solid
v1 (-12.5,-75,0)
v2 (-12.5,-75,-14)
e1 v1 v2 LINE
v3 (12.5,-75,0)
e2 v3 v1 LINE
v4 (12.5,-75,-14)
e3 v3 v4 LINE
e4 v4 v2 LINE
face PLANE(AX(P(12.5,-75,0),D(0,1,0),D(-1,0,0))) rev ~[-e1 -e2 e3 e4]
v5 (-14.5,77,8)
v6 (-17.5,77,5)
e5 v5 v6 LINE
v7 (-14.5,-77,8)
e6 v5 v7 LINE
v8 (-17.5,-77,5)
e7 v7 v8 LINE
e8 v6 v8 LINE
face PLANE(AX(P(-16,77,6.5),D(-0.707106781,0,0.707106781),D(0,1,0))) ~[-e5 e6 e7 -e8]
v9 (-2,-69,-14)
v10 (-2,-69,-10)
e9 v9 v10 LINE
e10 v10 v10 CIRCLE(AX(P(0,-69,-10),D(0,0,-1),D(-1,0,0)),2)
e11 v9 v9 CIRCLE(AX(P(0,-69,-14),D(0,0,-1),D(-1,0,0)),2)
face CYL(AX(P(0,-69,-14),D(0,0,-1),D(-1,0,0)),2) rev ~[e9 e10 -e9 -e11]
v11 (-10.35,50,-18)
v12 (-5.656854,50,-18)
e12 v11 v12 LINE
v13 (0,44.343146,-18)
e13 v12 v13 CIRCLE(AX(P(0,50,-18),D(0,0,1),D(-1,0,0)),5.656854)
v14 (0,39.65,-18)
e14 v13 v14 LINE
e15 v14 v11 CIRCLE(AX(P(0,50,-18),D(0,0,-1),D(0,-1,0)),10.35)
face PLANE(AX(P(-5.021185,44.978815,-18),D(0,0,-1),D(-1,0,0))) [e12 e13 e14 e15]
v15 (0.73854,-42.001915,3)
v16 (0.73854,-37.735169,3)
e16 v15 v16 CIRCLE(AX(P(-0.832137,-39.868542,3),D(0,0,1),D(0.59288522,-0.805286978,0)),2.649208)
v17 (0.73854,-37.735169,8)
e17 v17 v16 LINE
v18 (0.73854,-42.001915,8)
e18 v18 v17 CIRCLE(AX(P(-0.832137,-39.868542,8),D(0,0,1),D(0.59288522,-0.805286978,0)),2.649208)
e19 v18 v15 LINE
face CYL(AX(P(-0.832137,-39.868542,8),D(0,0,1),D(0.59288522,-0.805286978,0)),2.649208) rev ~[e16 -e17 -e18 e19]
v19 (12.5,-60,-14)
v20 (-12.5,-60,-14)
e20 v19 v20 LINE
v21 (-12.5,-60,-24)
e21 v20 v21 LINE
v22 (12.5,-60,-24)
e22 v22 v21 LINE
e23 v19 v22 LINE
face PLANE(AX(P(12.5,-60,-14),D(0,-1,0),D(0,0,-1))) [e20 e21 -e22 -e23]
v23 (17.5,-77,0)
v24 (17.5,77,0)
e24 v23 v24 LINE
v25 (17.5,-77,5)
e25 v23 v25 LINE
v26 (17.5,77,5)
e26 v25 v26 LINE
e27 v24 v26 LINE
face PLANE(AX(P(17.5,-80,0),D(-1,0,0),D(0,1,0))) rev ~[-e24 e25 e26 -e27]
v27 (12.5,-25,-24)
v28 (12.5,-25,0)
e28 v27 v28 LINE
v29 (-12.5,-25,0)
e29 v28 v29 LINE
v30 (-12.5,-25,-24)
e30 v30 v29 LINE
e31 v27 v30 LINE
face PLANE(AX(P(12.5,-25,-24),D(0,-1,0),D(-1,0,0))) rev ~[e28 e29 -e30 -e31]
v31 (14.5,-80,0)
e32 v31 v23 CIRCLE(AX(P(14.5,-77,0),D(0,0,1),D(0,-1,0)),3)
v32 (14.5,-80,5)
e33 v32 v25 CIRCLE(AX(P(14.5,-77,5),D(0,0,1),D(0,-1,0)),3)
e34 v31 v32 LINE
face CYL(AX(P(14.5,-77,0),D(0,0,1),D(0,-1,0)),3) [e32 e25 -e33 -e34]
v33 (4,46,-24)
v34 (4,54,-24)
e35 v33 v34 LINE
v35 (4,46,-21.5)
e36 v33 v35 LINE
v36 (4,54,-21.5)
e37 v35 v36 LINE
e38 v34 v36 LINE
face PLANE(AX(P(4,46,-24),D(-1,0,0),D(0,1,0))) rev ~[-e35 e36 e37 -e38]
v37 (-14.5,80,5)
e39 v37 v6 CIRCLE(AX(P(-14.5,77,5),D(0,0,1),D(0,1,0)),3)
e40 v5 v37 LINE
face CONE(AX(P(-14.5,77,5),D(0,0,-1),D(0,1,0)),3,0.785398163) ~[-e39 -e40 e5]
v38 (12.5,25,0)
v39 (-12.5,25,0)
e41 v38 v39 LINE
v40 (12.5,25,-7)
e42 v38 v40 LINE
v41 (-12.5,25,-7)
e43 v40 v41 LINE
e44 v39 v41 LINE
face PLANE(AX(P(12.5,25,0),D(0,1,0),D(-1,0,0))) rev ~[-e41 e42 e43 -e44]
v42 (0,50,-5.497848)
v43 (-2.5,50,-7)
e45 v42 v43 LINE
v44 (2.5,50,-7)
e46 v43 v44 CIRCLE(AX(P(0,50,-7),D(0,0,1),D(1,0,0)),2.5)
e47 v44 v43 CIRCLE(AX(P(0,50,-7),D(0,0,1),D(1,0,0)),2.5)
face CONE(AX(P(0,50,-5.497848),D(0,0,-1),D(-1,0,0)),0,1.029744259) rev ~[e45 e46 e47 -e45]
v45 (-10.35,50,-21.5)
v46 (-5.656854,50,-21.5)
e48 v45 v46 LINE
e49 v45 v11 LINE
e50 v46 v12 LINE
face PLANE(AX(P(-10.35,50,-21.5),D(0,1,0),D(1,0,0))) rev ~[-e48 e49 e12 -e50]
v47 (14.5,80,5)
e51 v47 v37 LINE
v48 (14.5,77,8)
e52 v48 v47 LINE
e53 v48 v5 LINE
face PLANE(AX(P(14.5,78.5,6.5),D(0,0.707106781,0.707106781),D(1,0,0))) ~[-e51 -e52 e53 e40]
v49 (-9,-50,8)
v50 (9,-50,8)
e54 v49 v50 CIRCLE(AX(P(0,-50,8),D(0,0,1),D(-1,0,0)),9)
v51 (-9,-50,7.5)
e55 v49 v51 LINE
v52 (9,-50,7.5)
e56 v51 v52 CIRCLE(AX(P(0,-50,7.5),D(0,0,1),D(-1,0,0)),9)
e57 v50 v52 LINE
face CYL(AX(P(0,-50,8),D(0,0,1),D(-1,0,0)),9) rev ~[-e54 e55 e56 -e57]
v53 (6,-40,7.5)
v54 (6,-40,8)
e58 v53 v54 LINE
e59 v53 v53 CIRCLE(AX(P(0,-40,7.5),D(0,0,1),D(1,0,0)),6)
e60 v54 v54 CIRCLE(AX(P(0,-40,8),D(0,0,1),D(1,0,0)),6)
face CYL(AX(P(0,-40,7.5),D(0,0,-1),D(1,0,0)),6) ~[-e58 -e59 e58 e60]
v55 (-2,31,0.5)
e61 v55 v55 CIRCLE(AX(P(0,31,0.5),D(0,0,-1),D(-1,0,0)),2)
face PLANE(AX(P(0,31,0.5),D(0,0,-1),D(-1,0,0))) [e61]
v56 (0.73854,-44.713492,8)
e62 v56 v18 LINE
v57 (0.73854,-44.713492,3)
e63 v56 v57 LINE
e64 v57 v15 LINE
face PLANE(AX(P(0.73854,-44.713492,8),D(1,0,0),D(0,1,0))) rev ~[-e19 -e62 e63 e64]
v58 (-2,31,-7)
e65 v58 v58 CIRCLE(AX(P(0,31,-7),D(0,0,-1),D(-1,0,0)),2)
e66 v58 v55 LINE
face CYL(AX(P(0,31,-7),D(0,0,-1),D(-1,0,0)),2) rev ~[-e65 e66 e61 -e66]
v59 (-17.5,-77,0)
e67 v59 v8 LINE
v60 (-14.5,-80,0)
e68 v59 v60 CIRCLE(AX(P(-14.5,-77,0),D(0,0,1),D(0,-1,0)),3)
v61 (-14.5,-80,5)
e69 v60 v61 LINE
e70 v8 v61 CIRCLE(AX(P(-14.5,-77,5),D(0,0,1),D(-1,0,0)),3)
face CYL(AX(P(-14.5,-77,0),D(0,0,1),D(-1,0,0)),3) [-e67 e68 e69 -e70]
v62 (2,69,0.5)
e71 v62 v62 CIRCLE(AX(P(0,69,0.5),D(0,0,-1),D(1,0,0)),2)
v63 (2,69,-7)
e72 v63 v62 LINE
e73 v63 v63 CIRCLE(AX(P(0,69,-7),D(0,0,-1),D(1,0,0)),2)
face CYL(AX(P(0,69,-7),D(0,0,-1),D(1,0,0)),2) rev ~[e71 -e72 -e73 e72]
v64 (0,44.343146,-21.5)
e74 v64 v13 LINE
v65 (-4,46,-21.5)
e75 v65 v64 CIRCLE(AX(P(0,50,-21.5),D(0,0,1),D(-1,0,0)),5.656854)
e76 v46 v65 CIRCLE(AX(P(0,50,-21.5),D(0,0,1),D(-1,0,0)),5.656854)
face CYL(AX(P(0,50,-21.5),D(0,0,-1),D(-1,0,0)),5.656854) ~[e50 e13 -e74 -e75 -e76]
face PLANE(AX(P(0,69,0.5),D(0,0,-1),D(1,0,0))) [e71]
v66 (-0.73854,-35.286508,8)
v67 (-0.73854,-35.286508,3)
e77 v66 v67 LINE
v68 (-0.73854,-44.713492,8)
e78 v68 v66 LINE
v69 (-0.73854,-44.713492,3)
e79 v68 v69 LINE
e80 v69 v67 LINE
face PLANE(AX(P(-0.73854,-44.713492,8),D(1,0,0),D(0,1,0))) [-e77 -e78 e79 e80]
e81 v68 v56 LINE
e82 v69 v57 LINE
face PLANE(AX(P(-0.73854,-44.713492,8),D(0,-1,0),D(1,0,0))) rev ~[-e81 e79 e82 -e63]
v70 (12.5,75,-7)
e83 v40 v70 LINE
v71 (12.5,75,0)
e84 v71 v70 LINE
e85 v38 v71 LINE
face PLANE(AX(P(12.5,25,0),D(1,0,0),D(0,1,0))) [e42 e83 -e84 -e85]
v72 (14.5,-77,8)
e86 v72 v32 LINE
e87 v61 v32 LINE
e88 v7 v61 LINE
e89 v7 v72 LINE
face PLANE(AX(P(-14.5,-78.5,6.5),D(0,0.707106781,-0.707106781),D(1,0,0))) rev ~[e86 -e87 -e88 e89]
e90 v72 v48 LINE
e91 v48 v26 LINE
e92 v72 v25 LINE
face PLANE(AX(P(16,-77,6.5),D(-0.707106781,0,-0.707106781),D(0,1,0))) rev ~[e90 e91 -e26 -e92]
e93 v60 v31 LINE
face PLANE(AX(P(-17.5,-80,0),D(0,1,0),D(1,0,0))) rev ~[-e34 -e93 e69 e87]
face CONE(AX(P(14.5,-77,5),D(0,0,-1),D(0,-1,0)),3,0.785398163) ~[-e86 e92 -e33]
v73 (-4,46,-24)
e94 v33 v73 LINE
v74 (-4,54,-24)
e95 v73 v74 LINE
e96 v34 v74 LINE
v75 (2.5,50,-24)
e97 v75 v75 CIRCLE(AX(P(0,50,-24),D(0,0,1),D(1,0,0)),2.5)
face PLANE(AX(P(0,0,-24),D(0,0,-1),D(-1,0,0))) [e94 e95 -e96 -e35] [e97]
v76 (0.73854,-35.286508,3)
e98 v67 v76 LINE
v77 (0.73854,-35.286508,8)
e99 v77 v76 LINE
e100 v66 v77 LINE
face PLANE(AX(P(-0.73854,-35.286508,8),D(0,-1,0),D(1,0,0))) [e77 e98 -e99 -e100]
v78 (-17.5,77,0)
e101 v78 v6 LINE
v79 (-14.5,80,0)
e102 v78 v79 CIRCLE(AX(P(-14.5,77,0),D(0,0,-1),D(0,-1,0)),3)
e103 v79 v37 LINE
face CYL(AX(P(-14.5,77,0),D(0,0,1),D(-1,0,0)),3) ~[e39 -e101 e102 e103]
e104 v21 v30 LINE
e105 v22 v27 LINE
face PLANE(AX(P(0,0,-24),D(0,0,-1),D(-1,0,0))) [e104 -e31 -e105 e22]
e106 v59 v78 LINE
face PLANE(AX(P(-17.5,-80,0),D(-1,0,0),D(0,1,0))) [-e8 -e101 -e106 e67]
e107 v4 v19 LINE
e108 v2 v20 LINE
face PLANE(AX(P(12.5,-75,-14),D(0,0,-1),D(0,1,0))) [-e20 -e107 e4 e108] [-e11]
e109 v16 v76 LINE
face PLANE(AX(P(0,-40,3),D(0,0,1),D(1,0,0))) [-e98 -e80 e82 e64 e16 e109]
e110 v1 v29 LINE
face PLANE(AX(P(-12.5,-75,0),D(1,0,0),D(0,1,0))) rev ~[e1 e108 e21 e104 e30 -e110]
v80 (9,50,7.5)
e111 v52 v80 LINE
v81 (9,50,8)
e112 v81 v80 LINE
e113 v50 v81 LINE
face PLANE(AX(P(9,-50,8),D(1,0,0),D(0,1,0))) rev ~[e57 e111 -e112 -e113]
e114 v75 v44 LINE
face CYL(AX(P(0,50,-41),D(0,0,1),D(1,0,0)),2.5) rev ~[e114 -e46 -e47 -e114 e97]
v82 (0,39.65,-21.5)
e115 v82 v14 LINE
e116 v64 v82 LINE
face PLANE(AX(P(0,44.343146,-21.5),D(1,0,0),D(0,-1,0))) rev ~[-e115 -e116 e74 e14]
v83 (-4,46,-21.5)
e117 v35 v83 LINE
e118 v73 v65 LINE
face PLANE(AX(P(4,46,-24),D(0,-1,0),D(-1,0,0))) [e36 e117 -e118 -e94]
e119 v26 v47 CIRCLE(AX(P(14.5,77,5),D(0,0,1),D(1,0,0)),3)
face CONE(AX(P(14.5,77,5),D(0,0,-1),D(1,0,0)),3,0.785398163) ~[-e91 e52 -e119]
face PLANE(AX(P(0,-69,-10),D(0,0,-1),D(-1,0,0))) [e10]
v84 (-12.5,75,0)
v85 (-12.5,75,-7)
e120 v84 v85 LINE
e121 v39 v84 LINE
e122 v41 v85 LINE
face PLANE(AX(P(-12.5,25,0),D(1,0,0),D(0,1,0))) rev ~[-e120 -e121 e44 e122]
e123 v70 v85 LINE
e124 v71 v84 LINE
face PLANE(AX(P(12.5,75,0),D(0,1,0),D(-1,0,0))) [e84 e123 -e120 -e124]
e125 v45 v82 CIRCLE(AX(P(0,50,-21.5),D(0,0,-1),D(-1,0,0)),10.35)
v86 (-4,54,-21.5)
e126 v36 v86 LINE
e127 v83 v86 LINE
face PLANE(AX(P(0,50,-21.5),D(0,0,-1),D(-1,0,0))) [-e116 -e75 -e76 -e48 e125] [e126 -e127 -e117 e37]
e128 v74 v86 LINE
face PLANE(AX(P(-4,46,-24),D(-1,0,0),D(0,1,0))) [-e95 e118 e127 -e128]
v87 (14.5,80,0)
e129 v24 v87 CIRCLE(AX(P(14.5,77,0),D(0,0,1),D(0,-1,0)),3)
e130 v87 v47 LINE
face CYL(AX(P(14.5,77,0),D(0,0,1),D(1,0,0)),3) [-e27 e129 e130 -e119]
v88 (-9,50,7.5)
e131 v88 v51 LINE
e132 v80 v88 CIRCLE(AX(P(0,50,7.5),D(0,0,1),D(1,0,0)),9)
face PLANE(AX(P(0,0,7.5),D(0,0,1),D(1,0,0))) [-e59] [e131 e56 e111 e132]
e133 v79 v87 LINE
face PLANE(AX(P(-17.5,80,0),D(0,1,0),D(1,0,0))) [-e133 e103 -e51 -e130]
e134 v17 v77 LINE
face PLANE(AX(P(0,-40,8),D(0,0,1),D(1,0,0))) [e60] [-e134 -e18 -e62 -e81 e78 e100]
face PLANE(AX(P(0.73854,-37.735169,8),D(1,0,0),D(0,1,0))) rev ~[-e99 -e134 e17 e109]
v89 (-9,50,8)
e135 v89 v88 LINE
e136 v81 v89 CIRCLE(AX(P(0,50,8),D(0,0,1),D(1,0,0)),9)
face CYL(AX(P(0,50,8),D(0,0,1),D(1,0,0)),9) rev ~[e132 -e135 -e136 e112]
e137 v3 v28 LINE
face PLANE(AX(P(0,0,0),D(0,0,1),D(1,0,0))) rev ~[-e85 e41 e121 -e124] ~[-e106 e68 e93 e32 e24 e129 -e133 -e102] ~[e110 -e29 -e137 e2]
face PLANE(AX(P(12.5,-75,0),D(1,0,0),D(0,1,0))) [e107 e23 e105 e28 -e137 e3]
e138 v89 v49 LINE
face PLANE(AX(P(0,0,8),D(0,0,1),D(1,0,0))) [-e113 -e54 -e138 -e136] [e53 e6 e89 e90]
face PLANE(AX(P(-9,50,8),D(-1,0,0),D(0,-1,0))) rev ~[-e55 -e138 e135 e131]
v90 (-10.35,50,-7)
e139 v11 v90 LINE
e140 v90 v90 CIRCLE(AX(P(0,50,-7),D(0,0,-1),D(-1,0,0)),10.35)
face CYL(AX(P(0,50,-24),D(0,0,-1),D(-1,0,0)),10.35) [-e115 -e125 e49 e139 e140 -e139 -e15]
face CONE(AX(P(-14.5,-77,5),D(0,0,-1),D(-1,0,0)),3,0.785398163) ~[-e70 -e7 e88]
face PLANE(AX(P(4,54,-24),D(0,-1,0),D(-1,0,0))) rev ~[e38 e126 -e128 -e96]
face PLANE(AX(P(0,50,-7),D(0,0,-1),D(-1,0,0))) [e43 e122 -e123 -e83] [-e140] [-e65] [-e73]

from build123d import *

# Parameters (mm, degrees)
SKETCH_1_W            = 35
SKETCH_1_H            = 160
EXTRUDE_1_DEPTH       = 8
FILLET_1_R            = 3
CHAMFER_1_SIZE        = 3
CUT_EXTRUDE_1_DEPTH   = 0.5
SKETCH_3_R            = 6
EXTRUDE_2_DEPTH       = 0.5
SKETCH_4_W            = 25
SKETCH_4_H            = 150
EXTRUDE_3_DEPTH       = 24
SKETCH_6_W            = 25
SKETCH_6_H            = 50
CUT_EXTRUDE_3_DEPTH   = 24
SKETCH_8_W            = 10
SKETCH_8_H            = 15
CUT_EXTRUDE_4_DEPTH   = 89.746830929
SKETCH_9_W            = 25
SKETCH_9_H            = 50
SKETCH_9_R            = 10.35
CUT_EXTRUDE_5_DEPTH   = 24
SKETCH_10_R           = 2
CUT_EXTRUDE_6_DEPTH   = 4
SKETCH_11_W           = 25
SKETCH_11_H           = 50
EXTRUDE_2_2_DEPTH     = 7
SKETCH_12_W           = 1.47707906
SKETCH_12_H           = 9.426983126
CUT_EXTRUDE_7_DEPTH   = 5
HOLE_WIZARD_M61_D     = 5
HOLE_WIZARD_M61_DEPTH = 17
HOLE_WIZARD_M61_TIP   = 1.502151548
SKETCH_16_R           = 2
CUT_EXTRUDE_8_DEPTH   = 7.5
SKETCH_17_R           = 10.35
SKETCH_17_W           = 8
SKETCH_17_H           = 8
CUT_EXTRUDE_9_DEPTH   = 2.5
CUT_EXTRUDE_10_DEPTH  = 3.5


with BuildPart() as part:
    # Эскиз1 → Вытянуть1 (new body)
    with BuildSketch(Plane.XY):
        Rectangle(SKETCH_1_W, SKETCH_1_H)
    extrude(amount=EXTRUDE_1_DEPTH)

    # Скругление1
    fillet_1_edges = [part.edges().sort_by_distance(p)[0] for p in [
        (-17.5, 80, 4),
        (17.5, 80, 4),
        (17.5, -80, 4),
        (-17.5, -80, 4),
    ]]
    fillet(fillet_1_edges, radius=FILLET_1_R)

    # Фаска1
    chamfer_1_edges = [part.edges().sort_by_distance(p)[0] for p in [
        (0, -80, 8),
        (-17.5, 0, 8),
        (17.5, 0, 8),
        (0, 80, 8),
        (16.621320344, 79.121320344, 8),
        (-16.621320344, 79.121320344, 8),
        (16.621320344, -79.121320344, 8),
        (-16.621320344, -79.121320344, 8),
    ]]
    chamfer(chamfer_1_edges, length=CHAMFER_1_SIZE)

    # Эскиз2 → Вырез-Вытянуть1 (cut)
    with BuildSketch(Plane.XY.offset(8)):
        with BuildLine():
            Line((-9, 50), (-9, -50))
            ThreePointArc((-9, -50), (0, -59), (9, -50))
            Line((9, -50), (9, 50))
            ThreePointArc((9, 50), (0, 59), (-9, 50))
        make_face()
    extrude(amount=-CUT_EXTRUDE_1_DEPTH, mode=Mode.SUBTRACT)

    # Эскиз3 → Extrude 2 (add)
    with BuildSketch(Plane.XY.offset(7.5)):
        with Locations((0, -40)):
            Circle(SKETCH_3_R)
    extrude(amount=EXTRUDE_2_DEPTH)

    # Эскиз4 → Вытянуть3 (add)
    with BuildSketch(Plane(origin=(0, 0, 0), x_dir=(-1, 0, 0), z_dir=(0, 0, -1))):
        Rectangle(SKETCH_4_W, SKETCH_4_H)
    extrude(amount=EXTRUDE_3_DEPTH)

    # Эскиз6 → Вырез-Вытянуть3 (cut)
    with BuildSketch(Plane(origin=(0, 0, -24), x_dir=(-1, 0, 0), z_dir=(0, 0, -1))):
        Rectangle(SKETCH_6_W, SKETCH_6_H)
    extrude(amount=-CUT_EXTRUDE_3_DEPTH, mode=Mode.SUBTRACT)

    # Эскиз8 → Вырез-Вытянуть4 (cut, through all)
    with BuildSketch(Plane(origin=(12.5, 0, 0), x_dir=(0, 0, -1), z_dir=(1, 0, 0))):
        with Locations((19, -67.5)):
            Rectangle(SKETCH_8_W, SKETCH_8_H)
    extrude(amount=-CUT_EXTRUDE_4_DEPTH, mode=Mode.SUBTRACT)

    # Эскиз9 → Вырез-Вытянуть5 (cut)
    with BuildSketch(Plane(origin=(0, 0, -24), x_dir=(-1, 0, 0), z_dir=(0, 0, -1))):
        with Locations((0, 50)):
            Rectangle(SKETCH_9_W, SKETCH_9_H)
        with Locations((0, 50)):
            Circle(SKETCH_9_R, mode=Mode.SUBTRACT)
    extrude(amount=-CUT_EXTRUDE_5_DEPTH, mode=Mode.SUBTRACT)

    # Эскиз10 → Вырез-Вытянуть6 (cut)
    with BuildSketch(Plane(origin=(0, 0, -14), x_dir=(-1, 0, 0), z_dir=(0, 0, -1))):
        with Locations((0, -69)):
            Circle(SKETCH_10_R)
    extrude(amount=-CUT_EXTRUDE_6_DEPTH, mode=Mode.SUBTRACT)

    # Эскиз11 → Extrude 2 2 (add)
    with BuildSketch(Plane(origin=(0, 0, 0), x_dir=(-1, 0, 0), z_dir=(0, 0, -1))):
        with Locations((0, 50)):
            Rectangle(SKETCH_11_W, SKETCH_11_H)
    extrude(amount=EXTRUDE_2_2_DEPTH)

    # Эскиз12 → Вырез-Вытянуть7 (cut)
    with BuildSketch(Plane.XY.offset(8)):
        with Locations((0, -40)):
            Rectangle(SKETCH_12_W, SKETCH_12_H)
        with BuildLine():
            ThreePointArc((0.73853953, -42.00191483), (1.817071347, -39.86854196), (0.73853953, -37.73516909))
            Line((0.73853953, -37.73516909), (0.73853953, -42.00191483))
        make_face()
    extrude(amount=-CUT_EXTRUDE_7_DEPTH, mode=Mode.SUBTRACT)

    # Отверстие обработанное метчиком M61
    with Locations(Plane(origin=(0, 0, -24), x_dir=(-1, 0, 0), z_dir=(0, 0, -1))):
        with Locations((0, 50)):
            Hole(HOLE_WIZARD_M61_D / 2, depth=HOLE_WIZARD_M61_DEPTH)
            with Locations((0, 0, -(HOLE_WIZARD_M61_DEPTH + HOLE_WIZARD_M61_TIP / 2))):  # 118° drill point
                Cone(0, HOLE_WIZARD_M61_D / 2, HOLE_WIZARD_M61_TIP, mode=Mode.SUBTRACT)

    # Эскиз16 → Вырез-Вытянуть8 (cut)
    with BuildSketch(Plane(origin=(0, 0, -7), x_dir=(-1, 0, 0), z_dir=(0, 0, -1))):
        with Locations((0, 31)):
            Circle(SKETCH_16_R)
        with Locations(Location((0, 69, 0), (0, 0, 180))):
            Circle(SKETCH_16_R)
    extrude(amount=-CUT_EXTRUDE_8_DEPTH, mode=Mode.SUBTRACT)

    # Эскиз17 → Вырез-Вытянуть9 (cut)
    with BuildSketch(Plane(origin=(0, 0, -24), x_dir=(-1, 0, 0), z_dir=(0, 0, -1))):
        with Locations((0, 50)):
            Circle(SKETCH_17_R)
        with Locations((0, 50)):
            Rectangle(SKETCH_17_W, SKETCH_17_H, mode=Mode.SUBTRACT)
    extrude(amount=-CUT_EXTRUDE_9_DEPTH, mode=Mode.SUBTRACT)

    # Эскиз18 → Вырез-Вытянуть10 (cut)
    with BuildSketch(Plane(origin=(0, 0, -21.5), x_dir=(-1, 0, 0), z_dir=(0, 0, -1))):
        with BuildLine():
            Line((0, 44.343145751), (0, 39.65))
            ThreePointArc((0, 39.65), (7.318555185, 42.681444815), (10.35, 50))
            Line((10.35, 50), (5.656854249, 50))
            ThreePointArc((5.656854249, 50), (4, 46), (0, 44.343145751))
        make_face()
    extrude(amount=-CUT_EXTRUDE_10_DEPTH, mode=Mode.SUBTRACT)


solid = part.part
